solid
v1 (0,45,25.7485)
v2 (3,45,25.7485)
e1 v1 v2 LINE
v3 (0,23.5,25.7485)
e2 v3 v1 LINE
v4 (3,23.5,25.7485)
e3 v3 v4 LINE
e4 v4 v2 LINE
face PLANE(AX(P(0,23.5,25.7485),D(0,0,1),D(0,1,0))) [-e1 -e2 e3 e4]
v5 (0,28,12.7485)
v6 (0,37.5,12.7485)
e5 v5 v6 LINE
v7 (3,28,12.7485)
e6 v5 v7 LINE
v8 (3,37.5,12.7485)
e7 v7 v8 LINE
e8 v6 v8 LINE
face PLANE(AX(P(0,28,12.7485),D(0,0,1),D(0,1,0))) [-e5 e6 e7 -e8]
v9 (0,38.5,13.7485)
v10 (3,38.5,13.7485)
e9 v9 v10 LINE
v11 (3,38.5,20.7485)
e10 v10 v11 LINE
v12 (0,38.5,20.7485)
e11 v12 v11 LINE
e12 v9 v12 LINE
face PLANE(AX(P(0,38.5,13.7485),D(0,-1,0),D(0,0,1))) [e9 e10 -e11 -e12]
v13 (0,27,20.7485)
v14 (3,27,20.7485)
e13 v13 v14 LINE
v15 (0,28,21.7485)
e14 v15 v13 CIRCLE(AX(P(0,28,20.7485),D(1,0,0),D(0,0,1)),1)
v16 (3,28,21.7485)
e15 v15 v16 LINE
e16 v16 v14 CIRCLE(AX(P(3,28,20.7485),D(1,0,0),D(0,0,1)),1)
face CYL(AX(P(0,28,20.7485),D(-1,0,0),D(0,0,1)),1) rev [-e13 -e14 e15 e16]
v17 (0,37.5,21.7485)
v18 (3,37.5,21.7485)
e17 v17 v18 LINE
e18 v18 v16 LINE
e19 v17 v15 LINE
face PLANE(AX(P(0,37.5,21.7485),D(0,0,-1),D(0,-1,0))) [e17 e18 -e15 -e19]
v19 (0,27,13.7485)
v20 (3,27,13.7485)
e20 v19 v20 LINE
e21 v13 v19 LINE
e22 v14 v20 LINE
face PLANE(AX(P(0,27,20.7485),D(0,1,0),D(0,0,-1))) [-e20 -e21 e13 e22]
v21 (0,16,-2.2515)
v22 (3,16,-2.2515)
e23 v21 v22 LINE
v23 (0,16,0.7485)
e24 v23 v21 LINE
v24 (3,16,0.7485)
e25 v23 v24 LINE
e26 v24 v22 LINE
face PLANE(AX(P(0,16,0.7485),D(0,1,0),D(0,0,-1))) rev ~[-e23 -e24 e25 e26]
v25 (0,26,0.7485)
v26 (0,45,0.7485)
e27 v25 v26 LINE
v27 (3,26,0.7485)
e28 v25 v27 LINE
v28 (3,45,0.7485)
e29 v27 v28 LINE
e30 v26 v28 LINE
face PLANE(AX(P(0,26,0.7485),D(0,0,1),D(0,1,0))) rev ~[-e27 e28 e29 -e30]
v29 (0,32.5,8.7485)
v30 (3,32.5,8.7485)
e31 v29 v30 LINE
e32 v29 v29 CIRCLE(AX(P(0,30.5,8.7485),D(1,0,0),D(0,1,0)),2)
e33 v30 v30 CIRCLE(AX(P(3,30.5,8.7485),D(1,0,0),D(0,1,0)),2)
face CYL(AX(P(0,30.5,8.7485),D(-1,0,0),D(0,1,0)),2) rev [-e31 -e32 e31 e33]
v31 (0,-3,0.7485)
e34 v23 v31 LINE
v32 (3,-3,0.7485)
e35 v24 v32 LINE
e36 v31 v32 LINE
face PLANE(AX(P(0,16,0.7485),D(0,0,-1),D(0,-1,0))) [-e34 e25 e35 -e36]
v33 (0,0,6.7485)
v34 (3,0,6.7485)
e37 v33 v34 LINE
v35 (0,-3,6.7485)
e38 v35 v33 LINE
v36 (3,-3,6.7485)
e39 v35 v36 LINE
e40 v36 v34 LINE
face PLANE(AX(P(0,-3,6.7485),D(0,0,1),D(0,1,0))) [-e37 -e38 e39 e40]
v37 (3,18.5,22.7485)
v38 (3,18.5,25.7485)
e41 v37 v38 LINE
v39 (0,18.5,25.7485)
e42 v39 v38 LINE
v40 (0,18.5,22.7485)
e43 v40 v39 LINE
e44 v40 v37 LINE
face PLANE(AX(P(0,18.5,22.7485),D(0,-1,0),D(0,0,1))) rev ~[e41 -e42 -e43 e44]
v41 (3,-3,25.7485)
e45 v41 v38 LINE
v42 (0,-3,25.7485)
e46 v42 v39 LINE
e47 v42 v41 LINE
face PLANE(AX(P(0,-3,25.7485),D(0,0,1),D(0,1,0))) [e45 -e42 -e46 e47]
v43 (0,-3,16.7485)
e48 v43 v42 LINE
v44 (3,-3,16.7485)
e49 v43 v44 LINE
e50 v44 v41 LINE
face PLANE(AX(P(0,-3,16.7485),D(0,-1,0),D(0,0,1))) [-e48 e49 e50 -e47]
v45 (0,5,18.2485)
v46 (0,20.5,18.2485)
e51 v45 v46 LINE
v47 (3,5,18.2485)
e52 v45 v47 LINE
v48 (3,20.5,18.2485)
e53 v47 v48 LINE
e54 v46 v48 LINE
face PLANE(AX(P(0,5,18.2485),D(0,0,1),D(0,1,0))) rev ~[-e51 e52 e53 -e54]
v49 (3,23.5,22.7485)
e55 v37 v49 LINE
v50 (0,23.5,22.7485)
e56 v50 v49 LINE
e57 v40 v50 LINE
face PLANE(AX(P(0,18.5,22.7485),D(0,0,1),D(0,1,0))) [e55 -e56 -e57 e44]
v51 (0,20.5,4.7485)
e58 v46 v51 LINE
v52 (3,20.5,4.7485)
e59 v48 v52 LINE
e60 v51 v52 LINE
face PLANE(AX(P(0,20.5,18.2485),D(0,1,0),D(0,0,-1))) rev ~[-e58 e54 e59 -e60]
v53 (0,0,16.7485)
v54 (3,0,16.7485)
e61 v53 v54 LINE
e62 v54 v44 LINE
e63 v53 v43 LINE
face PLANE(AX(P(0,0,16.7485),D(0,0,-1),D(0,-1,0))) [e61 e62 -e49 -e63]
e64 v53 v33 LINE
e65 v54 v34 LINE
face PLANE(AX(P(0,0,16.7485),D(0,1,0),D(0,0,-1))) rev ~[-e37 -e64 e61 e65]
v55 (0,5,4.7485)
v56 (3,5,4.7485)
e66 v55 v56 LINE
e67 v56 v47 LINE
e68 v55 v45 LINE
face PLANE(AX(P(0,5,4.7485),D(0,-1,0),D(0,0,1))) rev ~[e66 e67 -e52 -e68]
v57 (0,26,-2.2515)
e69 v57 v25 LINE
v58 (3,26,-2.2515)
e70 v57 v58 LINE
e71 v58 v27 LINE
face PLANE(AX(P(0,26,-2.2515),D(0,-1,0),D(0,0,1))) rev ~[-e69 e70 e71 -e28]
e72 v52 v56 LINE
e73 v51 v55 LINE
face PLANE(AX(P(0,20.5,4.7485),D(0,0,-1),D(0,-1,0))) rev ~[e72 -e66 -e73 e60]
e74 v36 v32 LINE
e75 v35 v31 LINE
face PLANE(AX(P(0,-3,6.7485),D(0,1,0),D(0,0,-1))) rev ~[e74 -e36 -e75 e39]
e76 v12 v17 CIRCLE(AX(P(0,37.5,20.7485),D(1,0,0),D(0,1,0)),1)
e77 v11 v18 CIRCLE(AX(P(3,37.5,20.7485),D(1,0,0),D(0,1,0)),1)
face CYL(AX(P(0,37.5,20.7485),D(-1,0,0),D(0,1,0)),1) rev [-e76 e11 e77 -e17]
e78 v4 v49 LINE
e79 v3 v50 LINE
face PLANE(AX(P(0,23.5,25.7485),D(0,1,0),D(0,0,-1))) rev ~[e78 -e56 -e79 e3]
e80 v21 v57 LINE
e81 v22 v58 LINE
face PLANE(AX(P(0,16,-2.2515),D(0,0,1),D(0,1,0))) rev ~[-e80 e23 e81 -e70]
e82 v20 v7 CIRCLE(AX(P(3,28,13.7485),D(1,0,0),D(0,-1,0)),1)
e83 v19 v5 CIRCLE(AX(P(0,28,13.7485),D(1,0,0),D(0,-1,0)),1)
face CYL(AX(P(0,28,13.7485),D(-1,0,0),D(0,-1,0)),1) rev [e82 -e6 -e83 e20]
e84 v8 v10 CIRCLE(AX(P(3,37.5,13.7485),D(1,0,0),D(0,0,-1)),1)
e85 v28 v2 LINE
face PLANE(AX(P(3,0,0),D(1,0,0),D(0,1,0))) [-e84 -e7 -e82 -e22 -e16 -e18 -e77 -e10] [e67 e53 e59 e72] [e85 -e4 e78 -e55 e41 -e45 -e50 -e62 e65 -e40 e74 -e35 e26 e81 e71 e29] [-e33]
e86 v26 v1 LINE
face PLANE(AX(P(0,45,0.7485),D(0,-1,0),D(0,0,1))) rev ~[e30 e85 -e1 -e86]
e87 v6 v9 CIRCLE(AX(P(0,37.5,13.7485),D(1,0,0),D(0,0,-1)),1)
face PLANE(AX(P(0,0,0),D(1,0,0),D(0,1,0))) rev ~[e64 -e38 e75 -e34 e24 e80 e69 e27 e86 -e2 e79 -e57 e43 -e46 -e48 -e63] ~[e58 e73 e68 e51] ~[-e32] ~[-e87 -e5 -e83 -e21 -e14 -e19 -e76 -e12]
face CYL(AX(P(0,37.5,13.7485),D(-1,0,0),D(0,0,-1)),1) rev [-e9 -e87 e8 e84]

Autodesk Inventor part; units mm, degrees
ref_plane "YZ Plane" through (0, 0, 0) normal (1, 0, 0) x (0, 1, 0)
ref_plane "XZ Plane" through (0, 0, 0) normal (0, 1, 0) x (-1, 0, 0)
ref_plane "XY Plane" through (0, 0, 0) normal (0, 0, 1) x (1, 0, 0)
sketch "Sketch1" plane through (0, 0, 0) normal (1, 0, 0) x (0, 1, 0)
  line L0 (18.5, 22.7485) -> (18.5, 25.7485)
  line L1 (23.5, 25.7485) -> (23.5, 22.7485)
  line L2 (0, 16.7485) -> (-3, 16.7485)
  line L3 (-3, 6.7485) -> (0, 6.7485)
  line L4 (16, 0.7485) -> (16, -2.2515)
  line L5 (16, -2.2515) -> (26, -2.2515)
  line L6 (26, -2.2515) -> (26, 0.7485)
  line L7 (26, 0.7485) -> (45, 0.7485)
  line L8 (23.5, 25.7485) -> (45, 25.7485)
  line L9 (18.5, 22.7485) -> (23.5, 22.7485)
  line L10 (-3, 16.7485) -> (-3, 25.7485)
  line L11 (-3, 6.7485) -> (-3, 0.7485)
  line L12 (-3, 25.7485) -> (18.5, 25.7485)
  line L13 (16, 0.7485) -> (-3, 0.7485)
  line L14 (45, 0.7485) -> (45, 25.7485)
  line L15 (0, 16.7485) -> (0, 6.7485)
  line L16 (5, 4.7485) -> (5, 18.2485)
  line L17 (5, 18.2485) -> (20.5, 18.2485)
  line L18 (20.5, 18.2485) -> (20.5, 4.7485)
  line L19 (20.5, 4.7485) -> (5, 4.7485)
  circle A0 centre (30.5, 8.7485) radius 2
  line L20 (27, 20.7485) -> (27, 13.7485)
  line L21 (28, 12.7485) -> (37.5, 12.7485)
  line L22 (38.5, 13.7485) -> (38.5, 20.7485)
  line L23 (37.5, 21.7485) -> (28, 21.7485)
  arc A1 (28, 21.7485) -> (27, 20.7485) centre (28, 20.7485) ccw
  arc A2 (38.5, 20.7485) -> (37.5, 21.7485) centre (37.5, 20.7485) ccw
  arc A3 (37.5, 12.7485) -> (38.5, 13.7485) centre (37.5, 13.7485) ccw
  arc A4 (27, 13.7485) -> (28, 12.7485) centre (28, 13.7485) ccw
  point P0 (27, 21.7485)
  point P1 (38.5, 12.7485)
  point P2 (27, 12.7485)
  dimension "d2" = 3
  dimension "d5" = 3
  dimension "d6" = 3
  dimension "d7" = 3
  dimension "d8" = 10
  dimension "d15" = 3
  dimension "d16" = 10
  dimension "d48" = 5
  dimension "d54" = 21.5
  dimension "d61" = 15.5
  dimension "d62" = 13.5
  dimension "d63" = 4
  dimension "d66" = 1
  dimension "d67" = 6.5
  dimension "d68" = 4
  dimension "d69" = 10
  dimension "d71" = 48
  dimension "d72" = 25
  dimension "d73" = 25
  dimension "d75" = 19
  dimension "d76" = 4
  dimension "d77" = 6.5
  dimension "d78" = 4
  dimension "d79" = 5
  dimension "d80" = 8
  dimension "d85" = 9
extrude "Extrusion5" add sketch "Sketch1" along normal blind 3
properties part number "RJ45Plate"
